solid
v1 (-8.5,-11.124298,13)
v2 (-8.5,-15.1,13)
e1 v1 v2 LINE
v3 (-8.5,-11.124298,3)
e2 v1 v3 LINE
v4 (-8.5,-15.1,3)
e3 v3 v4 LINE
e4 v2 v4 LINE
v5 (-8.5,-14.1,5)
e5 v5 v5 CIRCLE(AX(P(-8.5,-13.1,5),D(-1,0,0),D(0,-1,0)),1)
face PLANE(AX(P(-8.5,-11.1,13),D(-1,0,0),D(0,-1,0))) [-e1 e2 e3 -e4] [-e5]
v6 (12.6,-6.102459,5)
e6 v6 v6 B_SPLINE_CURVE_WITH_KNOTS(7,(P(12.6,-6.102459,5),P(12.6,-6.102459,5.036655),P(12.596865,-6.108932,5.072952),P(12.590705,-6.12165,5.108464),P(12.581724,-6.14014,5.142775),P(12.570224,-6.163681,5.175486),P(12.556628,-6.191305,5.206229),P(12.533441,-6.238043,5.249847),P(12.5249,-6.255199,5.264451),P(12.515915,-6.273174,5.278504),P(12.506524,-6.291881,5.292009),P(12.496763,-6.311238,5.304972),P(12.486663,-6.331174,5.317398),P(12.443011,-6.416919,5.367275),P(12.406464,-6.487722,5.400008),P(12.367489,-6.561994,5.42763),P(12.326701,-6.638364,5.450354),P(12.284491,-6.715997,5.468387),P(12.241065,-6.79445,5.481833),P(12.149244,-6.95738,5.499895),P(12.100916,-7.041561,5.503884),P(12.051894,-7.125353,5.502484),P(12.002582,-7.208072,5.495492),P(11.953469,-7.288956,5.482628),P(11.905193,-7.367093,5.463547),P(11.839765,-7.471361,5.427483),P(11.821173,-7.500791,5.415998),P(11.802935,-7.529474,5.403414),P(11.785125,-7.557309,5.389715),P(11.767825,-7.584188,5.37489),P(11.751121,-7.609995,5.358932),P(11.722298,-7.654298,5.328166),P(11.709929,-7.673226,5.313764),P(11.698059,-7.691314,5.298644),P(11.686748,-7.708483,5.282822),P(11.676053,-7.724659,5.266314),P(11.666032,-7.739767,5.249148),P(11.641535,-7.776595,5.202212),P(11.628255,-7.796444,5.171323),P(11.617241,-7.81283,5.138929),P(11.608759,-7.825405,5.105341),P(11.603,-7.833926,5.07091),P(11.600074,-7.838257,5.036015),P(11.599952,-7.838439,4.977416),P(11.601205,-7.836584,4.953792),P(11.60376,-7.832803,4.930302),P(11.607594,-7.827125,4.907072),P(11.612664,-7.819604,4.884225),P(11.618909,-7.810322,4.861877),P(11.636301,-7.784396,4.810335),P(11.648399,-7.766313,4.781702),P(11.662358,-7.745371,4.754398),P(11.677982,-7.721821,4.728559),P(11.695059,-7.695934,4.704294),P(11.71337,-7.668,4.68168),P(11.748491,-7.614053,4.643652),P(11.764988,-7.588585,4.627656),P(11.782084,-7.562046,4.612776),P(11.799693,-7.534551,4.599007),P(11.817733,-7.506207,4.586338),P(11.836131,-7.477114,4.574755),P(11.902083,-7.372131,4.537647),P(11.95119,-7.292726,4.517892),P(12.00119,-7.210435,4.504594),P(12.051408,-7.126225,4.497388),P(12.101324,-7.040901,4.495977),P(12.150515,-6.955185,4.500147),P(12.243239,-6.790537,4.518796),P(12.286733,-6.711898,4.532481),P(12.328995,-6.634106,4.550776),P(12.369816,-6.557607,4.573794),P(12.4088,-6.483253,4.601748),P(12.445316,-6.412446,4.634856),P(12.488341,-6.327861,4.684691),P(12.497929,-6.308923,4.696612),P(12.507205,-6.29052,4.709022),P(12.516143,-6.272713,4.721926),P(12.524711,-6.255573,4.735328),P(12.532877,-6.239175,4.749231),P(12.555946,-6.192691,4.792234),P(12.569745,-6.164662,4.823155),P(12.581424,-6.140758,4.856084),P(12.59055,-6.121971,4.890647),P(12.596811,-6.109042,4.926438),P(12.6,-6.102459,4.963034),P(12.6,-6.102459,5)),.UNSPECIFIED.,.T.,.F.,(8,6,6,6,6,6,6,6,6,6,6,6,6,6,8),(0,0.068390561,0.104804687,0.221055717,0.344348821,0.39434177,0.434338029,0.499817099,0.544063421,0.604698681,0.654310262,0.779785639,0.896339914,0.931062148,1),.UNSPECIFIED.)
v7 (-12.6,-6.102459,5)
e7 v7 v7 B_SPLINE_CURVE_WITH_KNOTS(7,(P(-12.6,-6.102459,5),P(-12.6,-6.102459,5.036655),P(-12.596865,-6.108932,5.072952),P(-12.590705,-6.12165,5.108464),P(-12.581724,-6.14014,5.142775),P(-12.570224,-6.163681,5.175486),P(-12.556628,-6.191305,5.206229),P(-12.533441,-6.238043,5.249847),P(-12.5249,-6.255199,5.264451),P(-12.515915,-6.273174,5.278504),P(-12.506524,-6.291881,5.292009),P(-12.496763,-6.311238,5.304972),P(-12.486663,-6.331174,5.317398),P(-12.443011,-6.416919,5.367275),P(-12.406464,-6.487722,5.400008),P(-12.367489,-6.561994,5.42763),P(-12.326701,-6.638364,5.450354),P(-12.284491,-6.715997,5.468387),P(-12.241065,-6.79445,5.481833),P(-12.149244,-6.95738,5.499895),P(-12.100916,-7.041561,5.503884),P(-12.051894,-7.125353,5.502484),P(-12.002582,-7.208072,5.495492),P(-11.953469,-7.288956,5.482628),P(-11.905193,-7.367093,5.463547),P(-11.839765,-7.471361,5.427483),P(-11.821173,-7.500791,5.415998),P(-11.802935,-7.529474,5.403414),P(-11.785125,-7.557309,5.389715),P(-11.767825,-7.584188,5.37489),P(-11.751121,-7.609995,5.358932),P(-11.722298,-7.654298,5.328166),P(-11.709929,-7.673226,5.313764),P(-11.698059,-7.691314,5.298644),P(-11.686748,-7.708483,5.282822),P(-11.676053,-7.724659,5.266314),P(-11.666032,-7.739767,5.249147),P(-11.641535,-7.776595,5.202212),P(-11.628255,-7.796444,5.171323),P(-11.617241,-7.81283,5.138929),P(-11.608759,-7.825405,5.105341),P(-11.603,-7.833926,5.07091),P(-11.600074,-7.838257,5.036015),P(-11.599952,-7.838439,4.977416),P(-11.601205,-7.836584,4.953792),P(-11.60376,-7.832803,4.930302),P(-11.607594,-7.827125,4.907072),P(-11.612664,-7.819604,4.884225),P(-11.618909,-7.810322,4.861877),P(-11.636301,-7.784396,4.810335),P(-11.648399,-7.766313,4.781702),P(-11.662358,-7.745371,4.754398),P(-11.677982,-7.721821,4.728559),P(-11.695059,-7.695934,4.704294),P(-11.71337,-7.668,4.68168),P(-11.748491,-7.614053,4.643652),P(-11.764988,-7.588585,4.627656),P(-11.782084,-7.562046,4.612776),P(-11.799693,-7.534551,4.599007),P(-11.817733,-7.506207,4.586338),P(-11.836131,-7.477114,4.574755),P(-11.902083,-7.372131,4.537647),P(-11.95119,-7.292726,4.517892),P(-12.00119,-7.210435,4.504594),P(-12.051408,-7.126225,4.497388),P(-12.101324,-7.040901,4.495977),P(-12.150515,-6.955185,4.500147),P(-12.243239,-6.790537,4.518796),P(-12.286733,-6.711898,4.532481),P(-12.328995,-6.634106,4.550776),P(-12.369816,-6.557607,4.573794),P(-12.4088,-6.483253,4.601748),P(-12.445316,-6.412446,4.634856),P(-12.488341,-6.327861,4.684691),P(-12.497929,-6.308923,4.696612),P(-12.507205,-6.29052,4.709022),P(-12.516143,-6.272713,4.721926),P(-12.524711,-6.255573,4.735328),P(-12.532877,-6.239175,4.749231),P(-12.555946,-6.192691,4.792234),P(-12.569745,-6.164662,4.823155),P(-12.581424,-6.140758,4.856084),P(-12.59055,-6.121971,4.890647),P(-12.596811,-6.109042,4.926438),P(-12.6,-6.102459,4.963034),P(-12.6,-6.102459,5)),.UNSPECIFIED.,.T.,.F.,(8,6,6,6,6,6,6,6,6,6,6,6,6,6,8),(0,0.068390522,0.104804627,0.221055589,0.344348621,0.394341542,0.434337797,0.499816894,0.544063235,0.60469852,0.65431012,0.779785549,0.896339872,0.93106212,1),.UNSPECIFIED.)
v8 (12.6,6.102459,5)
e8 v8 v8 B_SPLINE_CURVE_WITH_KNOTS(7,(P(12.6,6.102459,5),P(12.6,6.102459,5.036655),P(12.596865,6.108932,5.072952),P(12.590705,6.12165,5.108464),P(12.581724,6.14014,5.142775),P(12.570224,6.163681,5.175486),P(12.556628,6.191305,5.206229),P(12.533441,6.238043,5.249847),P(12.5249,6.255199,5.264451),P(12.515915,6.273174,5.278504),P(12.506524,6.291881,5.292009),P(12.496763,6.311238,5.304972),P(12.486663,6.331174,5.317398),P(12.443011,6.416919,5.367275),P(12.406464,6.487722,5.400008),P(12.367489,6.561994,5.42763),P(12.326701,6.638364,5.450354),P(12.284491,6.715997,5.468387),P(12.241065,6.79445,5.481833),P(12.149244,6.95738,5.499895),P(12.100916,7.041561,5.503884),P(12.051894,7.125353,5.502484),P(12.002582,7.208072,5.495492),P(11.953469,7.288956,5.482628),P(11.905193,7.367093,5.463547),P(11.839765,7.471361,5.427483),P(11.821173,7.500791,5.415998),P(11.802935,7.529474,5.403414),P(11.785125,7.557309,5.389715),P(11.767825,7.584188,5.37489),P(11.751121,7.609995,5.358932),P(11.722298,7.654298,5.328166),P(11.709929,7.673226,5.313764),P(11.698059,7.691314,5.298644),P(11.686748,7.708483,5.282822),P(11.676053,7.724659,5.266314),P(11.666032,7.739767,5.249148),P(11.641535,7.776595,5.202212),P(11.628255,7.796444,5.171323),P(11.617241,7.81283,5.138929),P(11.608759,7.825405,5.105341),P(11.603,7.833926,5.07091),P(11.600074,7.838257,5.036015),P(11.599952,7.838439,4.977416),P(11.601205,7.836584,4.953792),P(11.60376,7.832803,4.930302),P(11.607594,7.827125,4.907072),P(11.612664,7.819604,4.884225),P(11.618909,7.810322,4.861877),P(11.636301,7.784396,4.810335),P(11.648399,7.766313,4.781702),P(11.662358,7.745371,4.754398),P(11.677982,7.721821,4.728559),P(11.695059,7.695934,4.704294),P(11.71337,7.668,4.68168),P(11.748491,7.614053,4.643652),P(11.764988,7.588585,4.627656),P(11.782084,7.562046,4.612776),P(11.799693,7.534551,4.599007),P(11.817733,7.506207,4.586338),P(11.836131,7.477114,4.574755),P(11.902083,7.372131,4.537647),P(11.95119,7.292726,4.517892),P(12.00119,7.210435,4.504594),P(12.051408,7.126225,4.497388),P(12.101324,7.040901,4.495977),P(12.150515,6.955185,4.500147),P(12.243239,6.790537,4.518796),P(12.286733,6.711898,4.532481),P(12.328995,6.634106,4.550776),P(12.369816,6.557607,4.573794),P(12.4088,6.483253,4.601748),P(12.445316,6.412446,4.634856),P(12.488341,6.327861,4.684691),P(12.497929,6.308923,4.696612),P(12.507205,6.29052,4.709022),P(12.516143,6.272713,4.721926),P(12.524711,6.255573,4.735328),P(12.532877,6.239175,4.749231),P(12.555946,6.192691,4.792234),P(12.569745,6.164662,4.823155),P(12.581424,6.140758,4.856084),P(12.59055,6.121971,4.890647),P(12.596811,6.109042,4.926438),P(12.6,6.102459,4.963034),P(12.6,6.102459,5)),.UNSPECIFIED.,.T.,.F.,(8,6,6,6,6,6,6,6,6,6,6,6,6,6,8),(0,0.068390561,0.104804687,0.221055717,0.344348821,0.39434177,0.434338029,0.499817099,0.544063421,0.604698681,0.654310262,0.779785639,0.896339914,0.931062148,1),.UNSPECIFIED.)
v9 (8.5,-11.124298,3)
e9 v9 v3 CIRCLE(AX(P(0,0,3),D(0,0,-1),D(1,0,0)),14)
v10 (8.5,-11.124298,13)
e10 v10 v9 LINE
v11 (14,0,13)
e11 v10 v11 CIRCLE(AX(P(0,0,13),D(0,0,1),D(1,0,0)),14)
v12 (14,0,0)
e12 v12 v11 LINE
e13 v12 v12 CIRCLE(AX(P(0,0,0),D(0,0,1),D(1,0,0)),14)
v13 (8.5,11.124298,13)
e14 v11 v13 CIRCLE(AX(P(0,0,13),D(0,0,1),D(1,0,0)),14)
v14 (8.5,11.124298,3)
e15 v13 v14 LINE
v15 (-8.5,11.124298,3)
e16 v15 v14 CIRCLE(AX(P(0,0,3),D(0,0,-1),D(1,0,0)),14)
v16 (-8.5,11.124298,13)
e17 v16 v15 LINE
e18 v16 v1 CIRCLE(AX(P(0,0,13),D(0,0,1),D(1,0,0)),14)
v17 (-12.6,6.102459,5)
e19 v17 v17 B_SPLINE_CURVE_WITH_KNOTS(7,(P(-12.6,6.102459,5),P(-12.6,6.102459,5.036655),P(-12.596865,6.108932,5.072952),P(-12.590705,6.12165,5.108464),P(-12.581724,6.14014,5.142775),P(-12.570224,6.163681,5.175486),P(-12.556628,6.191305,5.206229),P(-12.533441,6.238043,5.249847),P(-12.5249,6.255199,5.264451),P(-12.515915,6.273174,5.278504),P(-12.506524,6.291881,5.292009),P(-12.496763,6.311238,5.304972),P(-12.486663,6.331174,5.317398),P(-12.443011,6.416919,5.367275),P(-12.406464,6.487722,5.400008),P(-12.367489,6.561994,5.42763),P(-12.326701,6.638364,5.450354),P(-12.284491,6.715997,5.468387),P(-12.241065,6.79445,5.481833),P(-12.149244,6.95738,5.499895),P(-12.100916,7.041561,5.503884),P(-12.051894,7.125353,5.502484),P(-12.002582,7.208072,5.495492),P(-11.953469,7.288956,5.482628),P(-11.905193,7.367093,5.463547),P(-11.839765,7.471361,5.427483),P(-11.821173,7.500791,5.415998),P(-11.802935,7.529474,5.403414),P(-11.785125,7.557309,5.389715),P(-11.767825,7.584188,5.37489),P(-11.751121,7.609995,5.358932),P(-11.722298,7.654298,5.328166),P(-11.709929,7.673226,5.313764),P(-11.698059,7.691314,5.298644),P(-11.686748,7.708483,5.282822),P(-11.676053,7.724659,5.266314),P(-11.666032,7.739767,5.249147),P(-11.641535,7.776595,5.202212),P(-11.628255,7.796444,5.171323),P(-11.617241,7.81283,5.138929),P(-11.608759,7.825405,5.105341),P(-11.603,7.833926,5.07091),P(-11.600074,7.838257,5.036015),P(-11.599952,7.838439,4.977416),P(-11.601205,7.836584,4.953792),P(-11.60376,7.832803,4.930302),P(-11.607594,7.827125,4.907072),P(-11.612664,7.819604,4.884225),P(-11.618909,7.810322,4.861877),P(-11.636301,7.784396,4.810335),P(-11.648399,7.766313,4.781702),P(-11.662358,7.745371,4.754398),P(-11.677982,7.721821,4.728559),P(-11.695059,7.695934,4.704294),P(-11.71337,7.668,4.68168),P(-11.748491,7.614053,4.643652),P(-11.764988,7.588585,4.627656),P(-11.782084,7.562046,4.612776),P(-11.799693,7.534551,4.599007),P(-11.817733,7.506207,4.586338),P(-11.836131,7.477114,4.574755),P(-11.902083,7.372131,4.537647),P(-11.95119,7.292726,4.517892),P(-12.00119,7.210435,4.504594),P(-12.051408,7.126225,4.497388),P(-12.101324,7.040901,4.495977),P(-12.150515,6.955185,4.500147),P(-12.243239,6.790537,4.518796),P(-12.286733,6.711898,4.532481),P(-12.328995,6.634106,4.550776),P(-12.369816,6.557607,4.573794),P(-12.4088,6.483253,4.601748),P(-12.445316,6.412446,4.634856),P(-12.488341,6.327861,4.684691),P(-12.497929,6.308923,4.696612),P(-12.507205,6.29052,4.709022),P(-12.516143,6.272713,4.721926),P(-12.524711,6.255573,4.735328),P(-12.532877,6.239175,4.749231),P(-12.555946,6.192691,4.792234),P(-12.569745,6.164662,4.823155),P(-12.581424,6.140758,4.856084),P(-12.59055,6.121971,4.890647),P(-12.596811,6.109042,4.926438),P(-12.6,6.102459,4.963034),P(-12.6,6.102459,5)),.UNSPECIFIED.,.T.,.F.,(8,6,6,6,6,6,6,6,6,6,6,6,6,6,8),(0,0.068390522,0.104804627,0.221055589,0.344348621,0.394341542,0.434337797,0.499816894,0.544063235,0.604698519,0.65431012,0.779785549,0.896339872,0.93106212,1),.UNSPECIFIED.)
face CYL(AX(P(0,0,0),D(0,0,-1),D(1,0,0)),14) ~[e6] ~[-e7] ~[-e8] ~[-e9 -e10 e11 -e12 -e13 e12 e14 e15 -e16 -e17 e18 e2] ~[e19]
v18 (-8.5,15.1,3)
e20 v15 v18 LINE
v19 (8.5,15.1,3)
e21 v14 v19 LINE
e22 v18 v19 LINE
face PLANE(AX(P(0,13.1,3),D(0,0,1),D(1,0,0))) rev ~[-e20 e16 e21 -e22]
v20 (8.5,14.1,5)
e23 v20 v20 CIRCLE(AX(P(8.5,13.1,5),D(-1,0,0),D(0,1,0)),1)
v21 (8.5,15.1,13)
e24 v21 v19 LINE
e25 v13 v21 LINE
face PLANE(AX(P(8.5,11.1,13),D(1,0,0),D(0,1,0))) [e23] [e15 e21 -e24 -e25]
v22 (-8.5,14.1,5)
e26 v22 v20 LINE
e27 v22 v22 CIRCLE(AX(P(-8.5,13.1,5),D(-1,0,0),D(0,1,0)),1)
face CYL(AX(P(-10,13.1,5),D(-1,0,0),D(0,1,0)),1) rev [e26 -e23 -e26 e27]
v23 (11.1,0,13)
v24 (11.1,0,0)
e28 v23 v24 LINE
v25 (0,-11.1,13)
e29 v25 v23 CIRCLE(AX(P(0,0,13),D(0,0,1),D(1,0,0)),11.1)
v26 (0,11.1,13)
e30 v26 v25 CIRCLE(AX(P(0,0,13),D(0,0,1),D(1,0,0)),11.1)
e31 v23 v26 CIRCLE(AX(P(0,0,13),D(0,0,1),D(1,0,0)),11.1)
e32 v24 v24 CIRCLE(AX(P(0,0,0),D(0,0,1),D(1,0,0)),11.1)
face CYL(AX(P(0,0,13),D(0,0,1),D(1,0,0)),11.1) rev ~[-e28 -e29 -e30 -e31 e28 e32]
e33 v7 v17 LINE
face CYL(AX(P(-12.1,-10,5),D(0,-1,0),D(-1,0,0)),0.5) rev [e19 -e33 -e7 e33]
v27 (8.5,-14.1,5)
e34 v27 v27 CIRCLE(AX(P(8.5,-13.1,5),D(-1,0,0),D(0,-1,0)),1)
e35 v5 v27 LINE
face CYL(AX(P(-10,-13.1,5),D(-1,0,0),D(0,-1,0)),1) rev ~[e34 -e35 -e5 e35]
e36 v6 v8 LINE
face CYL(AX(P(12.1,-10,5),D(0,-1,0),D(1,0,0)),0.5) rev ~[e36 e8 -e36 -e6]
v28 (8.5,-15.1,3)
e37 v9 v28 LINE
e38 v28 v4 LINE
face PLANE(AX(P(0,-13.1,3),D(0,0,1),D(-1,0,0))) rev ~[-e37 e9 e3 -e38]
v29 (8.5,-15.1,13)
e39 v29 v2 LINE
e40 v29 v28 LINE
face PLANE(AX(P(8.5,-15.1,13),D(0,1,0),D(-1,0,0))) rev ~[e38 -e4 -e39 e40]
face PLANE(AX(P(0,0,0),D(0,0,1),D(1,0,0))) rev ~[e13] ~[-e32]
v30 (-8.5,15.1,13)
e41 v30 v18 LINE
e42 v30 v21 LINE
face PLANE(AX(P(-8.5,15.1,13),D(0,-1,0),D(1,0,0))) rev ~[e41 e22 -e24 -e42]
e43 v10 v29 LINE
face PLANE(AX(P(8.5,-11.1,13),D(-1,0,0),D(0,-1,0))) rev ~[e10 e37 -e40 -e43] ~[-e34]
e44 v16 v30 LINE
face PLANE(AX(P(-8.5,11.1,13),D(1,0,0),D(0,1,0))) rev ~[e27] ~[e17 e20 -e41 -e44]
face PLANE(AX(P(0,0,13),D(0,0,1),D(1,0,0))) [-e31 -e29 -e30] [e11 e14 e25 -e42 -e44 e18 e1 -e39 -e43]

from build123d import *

# Parameters (mm, degrees)
SKETCH_R           = 14
PAD_DEPTH          = 13
SKETCH001_R        = 11.1
POCKET_DEPTH       = 13.001
SKETCH002_W        = 17
SKETCH002_H        = 4
PAD001_DEPTH       = 10
POLARPATTERN_COUNT = 2
SKETCH003_R        = 0.5
POCKET001_DEPTH    = 111.473218
SKETCH004_R        = 1
POCKET002_DEPTH    = 110.373218


with BuildPart() as part:
    # Sketch → Pad (new body)
    with BuildSketch(Plane.XY):
        Circle(SKETCH_R)
    extrude(amount=PAD_DEPTH)

    # Sketch001 → Pocket (cut, through all)
    with BuildSketch(Plane.XY.offset(13)):
        Circle(SKETCH001_R)
    extrude(amount=-POCKET_DEPTH, mode=Mode.SUBTRACT)

    # Sketch002 → Pad001 (new body)
    with BuildSketch(Plane.XY.offset(13)):
        with Locations((0, 13.1)):
            Rectangle(SKETCH002_W, SKETCH002_H)
    pad001 = extrude(amount=-PAD001_DEPTH)

    # PolarPattern: Pad001 ×2 about axis
    polarpattern_axis = Axis((0, 0, 13), (0, 0, 1))
    for i in range(1, POLARPATTERN_COUNT):
        add(pad001.rotate(polarpattern_axis, i * 360 / POLARPATTERN_COUNT))

    # Sketch003 → Pocket001 (cut, through all)
    with BuildSketch(Plane.XZ.offset(10)):
        with Locations((12.1, 5)):
            Circle(SKETCH003_R)
    pocket001 = extrude(amount=-POCKET001_DEPTH, mode=Mode.SUBTRACT)

    # Mirrored: Pocket001 across Sketch003 V_Axis
    add(pocket001.mirror(Plane(origin=(0, -10, 0), x_dir=(0, -1, 0), z_dir=(1, 0, 0))), mode=Mode.SUBTRACT)

    # Sketch004 → Pocket002 (cut, through all)
    with BuildSketch(Plane(origin=(-10, 0, 0), x_dir=(0, -1, 0), z_dir=(-1, 0, 0))):
        with Locations((13.1, 5)):
            Circle(SKETCH004_R)
    pocket002 = extrude(amount=-POCKET002_DEPTH, mode=Mode.SUBTRACT)

    # Mirrored001: Pocket002 across Sketch004 V_Axis
    add(pocket002.mirror(Plane(origin=(-10, 0, 0), x_dir=(-1, 0, 0), z_dir=(0, -1, 0))), mode=Mode.SUBTRACT)


solid = part.part
